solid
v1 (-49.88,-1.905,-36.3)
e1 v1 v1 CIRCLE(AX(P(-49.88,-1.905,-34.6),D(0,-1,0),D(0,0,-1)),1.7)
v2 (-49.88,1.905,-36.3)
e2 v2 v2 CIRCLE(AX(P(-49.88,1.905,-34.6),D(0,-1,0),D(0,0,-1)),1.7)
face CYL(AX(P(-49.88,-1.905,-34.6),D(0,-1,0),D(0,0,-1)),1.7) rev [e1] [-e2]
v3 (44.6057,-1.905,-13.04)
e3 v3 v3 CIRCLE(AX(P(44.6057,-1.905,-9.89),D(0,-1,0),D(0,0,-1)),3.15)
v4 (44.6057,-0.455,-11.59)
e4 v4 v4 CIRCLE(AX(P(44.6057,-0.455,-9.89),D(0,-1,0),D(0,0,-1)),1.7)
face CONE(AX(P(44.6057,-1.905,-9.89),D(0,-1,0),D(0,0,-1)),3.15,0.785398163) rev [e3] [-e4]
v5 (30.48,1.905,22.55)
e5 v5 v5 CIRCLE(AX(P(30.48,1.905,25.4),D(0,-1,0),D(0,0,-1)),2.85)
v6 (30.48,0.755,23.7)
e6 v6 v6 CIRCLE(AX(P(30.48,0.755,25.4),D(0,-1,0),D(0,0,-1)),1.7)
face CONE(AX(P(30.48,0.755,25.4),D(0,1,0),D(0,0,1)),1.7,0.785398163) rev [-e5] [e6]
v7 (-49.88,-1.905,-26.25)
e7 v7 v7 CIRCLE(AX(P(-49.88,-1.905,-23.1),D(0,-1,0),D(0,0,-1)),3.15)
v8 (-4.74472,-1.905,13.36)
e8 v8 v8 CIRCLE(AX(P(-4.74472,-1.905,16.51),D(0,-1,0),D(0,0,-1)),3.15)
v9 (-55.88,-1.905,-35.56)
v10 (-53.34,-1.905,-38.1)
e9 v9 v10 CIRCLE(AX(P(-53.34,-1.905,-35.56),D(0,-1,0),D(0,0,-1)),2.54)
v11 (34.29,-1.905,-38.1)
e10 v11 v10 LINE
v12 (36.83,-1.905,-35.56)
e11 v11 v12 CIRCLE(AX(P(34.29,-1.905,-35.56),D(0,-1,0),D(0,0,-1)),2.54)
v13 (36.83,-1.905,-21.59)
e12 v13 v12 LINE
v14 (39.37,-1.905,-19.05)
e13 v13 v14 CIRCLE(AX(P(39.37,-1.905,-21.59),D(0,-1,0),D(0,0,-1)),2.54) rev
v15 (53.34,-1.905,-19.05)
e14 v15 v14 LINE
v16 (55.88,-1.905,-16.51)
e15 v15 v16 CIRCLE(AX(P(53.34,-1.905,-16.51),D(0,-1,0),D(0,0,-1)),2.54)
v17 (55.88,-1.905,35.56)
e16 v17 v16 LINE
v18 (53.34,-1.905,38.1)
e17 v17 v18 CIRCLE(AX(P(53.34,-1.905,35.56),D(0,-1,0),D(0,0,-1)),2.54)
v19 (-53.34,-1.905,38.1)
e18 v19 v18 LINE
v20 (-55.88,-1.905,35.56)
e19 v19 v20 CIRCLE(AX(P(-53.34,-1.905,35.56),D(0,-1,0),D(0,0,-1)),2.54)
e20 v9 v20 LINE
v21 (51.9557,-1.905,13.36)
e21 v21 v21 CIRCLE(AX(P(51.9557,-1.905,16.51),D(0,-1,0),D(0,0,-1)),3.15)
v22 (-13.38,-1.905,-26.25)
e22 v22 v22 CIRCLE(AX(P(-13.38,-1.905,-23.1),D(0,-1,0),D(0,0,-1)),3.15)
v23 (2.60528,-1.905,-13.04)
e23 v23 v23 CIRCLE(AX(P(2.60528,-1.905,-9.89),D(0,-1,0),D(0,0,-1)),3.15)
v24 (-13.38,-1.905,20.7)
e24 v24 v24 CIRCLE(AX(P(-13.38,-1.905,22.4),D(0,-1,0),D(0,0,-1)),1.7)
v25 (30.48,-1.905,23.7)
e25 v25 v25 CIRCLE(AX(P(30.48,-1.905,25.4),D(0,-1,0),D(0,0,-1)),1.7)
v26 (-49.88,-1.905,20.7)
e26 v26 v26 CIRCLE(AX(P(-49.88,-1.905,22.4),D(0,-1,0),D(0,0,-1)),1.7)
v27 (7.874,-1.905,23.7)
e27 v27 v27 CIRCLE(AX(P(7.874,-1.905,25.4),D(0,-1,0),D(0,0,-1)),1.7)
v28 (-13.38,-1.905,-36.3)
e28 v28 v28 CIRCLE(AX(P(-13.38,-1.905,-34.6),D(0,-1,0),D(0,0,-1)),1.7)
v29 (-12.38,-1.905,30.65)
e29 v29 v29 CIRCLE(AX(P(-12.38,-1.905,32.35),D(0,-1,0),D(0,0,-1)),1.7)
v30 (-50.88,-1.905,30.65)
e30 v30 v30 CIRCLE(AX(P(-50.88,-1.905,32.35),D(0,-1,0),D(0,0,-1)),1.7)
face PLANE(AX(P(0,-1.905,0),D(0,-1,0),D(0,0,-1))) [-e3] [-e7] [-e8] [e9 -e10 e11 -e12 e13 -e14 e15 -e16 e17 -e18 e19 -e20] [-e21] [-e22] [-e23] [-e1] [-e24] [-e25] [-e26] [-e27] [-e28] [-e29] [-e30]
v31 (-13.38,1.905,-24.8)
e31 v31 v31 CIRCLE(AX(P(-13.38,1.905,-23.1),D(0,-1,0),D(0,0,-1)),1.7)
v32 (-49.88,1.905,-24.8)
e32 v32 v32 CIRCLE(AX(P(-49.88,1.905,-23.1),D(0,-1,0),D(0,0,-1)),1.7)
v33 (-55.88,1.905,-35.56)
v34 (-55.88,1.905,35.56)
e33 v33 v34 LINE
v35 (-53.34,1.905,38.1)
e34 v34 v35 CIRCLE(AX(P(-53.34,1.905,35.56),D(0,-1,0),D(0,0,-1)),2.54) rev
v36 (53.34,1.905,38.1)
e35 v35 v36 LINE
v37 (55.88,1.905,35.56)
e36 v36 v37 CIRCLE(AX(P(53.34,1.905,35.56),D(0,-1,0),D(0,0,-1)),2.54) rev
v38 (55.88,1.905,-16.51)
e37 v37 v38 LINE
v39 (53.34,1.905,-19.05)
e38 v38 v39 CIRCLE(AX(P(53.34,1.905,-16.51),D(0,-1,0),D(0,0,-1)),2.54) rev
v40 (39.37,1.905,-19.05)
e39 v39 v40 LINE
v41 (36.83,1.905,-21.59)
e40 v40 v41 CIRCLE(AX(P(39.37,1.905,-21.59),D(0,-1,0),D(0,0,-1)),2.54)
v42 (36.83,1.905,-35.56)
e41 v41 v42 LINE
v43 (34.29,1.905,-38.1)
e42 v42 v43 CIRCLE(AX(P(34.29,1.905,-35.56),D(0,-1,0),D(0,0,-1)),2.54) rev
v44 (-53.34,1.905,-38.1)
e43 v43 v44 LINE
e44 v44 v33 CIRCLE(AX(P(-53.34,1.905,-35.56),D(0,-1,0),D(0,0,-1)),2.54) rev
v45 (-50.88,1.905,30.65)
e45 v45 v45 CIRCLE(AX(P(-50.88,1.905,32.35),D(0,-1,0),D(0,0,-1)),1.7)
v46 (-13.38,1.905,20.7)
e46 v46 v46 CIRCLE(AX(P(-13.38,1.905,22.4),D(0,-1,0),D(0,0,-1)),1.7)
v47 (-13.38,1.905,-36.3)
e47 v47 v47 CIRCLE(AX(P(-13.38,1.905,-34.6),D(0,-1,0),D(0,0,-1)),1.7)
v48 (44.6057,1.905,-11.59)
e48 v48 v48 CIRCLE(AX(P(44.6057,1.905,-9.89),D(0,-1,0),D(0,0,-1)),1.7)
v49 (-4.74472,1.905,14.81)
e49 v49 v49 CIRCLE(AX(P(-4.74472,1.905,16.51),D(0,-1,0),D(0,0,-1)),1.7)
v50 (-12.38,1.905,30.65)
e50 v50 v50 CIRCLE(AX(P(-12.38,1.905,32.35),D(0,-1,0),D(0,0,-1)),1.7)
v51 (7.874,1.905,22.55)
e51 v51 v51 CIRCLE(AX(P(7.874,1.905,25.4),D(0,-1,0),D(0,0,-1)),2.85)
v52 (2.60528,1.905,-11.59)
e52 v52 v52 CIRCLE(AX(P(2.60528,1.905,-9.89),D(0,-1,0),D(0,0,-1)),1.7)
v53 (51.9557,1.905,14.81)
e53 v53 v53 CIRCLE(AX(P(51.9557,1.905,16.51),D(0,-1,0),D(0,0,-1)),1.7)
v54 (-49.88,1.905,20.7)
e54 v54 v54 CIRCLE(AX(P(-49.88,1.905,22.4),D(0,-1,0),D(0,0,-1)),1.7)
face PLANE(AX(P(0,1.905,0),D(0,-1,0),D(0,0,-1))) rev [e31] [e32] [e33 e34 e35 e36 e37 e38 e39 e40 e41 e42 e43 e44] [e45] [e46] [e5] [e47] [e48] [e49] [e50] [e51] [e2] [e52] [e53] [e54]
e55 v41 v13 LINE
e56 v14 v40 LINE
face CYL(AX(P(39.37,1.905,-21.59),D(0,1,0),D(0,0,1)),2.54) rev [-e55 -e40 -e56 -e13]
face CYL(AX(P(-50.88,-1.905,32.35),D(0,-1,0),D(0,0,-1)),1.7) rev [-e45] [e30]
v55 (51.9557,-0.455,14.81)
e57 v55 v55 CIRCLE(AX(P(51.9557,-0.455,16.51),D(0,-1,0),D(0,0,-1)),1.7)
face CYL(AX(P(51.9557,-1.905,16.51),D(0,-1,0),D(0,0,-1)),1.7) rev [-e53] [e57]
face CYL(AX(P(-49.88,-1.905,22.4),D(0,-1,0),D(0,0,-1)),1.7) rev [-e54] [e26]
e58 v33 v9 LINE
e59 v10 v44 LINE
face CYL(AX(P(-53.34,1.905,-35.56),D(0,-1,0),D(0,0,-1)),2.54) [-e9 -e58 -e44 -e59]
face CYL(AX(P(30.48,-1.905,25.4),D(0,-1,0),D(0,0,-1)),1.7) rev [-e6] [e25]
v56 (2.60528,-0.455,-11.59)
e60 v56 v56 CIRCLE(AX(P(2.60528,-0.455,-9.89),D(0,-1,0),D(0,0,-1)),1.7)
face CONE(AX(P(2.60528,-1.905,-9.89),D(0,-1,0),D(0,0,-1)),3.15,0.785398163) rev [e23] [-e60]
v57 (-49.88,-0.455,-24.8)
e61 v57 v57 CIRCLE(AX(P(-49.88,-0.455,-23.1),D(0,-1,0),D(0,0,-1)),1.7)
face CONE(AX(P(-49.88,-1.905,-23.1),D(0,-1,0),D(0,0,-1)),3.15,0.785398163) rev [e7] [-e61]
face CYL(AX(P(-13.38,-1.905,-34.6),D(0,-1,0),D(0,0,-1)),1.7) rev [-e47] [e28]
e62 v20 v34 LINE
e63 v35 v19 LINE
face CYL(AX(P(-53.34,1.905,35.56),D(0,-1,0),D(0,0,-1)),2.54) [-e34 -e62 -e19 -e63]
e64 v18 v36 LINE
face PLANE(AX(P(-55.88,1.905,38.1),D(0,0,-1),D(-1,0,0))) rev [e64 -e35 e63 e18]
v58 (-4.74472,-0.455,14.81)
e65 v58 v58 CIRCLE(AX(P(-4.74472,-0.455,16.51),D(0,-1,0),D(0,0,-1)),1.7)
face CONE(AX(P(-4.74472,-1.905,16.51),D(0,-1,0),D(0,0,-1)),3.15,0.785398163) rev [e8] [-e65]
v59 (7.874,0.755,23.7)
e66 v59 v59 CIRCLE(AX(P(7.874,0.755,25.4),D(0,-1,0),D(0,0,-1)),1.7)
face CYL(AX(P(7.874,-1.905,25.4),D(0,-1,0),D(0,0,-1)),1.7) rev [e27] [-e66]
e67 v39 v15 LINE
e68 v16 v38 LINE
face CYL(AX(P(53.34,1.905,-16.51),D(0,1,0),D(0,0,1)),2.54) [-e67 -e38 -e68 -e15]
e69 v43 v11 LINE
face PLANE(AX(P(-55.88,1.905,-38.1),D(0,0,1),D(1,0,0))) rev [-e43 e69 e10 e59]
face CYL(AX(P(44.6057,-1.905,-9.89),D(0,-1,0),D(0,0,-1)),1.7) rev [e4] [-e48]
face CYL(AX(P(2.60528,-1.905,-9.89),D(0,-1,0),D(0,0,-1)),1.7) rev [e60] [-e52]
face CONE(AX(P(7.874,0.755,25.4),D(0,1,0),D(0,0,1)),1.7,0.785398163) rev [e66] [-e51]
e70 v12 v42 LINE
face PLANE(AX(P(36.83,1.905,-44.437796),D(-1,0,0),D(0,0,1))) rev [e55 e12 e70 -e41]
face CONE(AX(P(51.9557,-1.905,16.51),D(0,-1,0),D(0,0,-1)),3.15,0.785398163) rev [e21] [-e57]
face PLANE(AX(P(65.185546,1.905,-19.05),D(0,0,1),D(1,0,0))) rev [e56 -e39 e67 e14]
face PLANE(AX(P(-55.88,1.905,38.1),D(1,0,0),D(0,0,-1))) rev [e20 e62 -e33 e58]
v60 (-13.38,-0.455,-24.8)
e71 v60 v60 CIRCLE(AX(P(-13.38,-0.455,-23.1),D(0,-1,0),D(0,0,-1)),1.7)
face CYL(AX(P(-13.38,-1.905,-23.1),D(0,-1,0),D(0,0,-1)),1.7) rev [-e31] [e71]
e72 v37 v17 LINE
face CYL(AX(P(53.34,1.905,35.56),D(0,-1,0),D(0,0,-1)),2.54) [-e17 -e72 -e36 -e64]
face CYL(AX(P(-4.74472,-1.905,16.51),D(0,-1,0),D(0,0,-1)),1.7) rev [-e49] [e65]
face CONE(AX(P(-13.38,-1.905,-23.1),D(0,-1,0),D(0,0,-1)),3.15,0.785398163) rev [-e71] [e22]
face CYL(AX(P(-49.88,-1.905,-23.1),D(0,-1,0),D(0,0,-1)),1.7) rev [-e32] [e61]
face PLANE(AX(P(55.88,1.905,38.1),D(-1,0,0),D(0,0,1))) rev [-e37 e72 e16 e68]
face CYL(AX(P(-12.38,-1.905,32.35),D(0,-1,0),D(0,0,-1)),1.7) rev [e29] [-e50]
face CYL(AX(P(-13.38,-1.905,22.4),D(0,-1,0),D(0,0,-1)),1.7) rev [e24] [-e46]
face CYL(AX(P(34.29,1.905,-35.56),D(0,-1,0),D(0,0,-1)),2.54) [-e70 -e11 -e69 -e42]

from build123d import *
from build123d.topology import SkipClean

# Parameters (mm, degrees)
SKETCH1_W                                       = 111.76
SKETCH1_H                                       = 76.2
BOSS_EXTRUDE1_DEPTH                             = 1.905
FILLET1_R                                       = 2.54
M3_CLEARANCE_HOLE4_D                            = 3.4
CSK_FOR_M3_FLAT_HEAD_MACHINE_SCREW1_D           = 3.4
CSK_FOR_M3_FLAT_HEAD_MACHINE_SCREW1_CSINK_D     = 6.3
CSK_FOR_M3_FLAT_HEAD_MACHINE_SCREW1_CSINK_ANGLE = 90
CSK_FOR_M3_FLAT_HEAD_MACHINE_SCREW2_D           = 3.4
CSK_FOR_M3_FLAT_HEAD_MACHINE_SCREW2_CSINK_D     = 6.3
CSK_FOR_M3_FLAT_HEAD_MACHINE_SCREW2_CSINK_ANGLE = 90
BOSS_EXTRUDE2_START                             = -3.81
SKETCH23_R                                      = 3.15
SKETCH23_R_2                                    = 1.7
BOSS_EXTRUDE2_DEPTH                             = 3.81
SKETCH12_W                                      = 28.355545758
SKETCH12_H                                      = 25.387795591
CUT_EXTRUDE1_DEPTH                              = 68.739947594
M3_CLEARANCE_HOLE1_AT_2_COUNT                   = 2
M3_CLEARANCE_HOLE1_AT_2_PITCH                   = 22.606
FILLET2_R                                       = 2.54


with BuildPart() as part:
    # Sketch1 → Boss-Extrude1 (new, symmetric)
    with BuildSketch(Plane(origin=(0, 0, 0), x_dir=(1, 0, 0), z_dir=(0, 1, 0))):
        Rectangle(SKETCH1_W, SKETCH1_H)
    extrude(amount=BOSS_EXTRUDE1_DEPTH, both=True)

    # Fillet1
    fillet1_edges = [part.edges().sort_by_distance(p)[0] for p in [
        (55.88, 0, 38.1),
        (-55.88, 0, 38.1),
        (-55.88, 0, -38.1),
        (55.88, 0, -38.1),
    ]]
    fillet(fillet1_edges, radius=FILLET1_R)

    # M3 Clearance Hole4 (through all)
    with Locations(Plane(origin=(0, -1.905, 0), x_dir=(-1, 0, 0), z_dir=(0, -1, 0))):
        with Locations((13.38, 34.6), (49.88, 34.6), (50.88, -32.35), (12.38, -32.35)):
            Hole(M3_CLEARANCE_HOLE4_D / 2)

    # CSK for M3 Flat Head Machine Screw1 (through all)
    with Locations(Plane(origin=(0, -1.905, 0), x_dir=(-1, 0, 0), z_dir=(0, -1, 0))):
        with Locations((-51.9557, -16.51), (4.74472, -16.51), (-44.6057, 9.89), (-2.60528, 9.89)):
            CounterSinkHole(CSK_FOR_M3_FLAT_HEAD_MACHINE_SCREW1_D / 2, CSK_FOR_M3_FLAT_HEAD_MACHINE_SCREW1_CSINK_D / 2, counter_sink_angle=CSK_FOR_M3_FLAT_HEAD_MACHINE_SCREW1_CSINK_ANGLE)

    # CSK for M3 Flat Head Machine Screw2 (through all)
    with Locations(Plane(origin=(0, -1.905, 0), x_dir=(-1, 0, 0), z_dir=(0, -1, 0))):
        with Locations((49.88, 23.1), (49.88, -22.4), (13.38, 23.1), (13.38, -22.4)):
            CounterSinkHole(CSK_FOR_M3_FLAT_HEAD_MACHINE_SCREW2_D / 2, CSK_FOR_M3_FLAT_HEAD_MACHINE_SCREW2_CSINK_D / 2, counter_sink_angle=CSK_FOR_M3_FLAT_HEAD_MACHINE_SCREW2_CSINK_ANGLE)

    # Sketch23 → Boss-Extrude2 (add)
    # profile 1 of 2: a face of its own
    with SkipClean():  # the faces are left unmerged after this step: merging them gives an invalid solid
        with BuildSketch(Plane.XZ.offset(1.905).offset(BOSS_EXTRUDE2_START)):
            with Locations((-13.38, 22.4)):
                Circle(SKETCH23_R)
            with Locations(Location((-13.38, 22.4, 0), (0, 0, 270))):
                Circle(SKETCH23_R_2, mode=Mode.SUBTRACT)
        # profile 2 of 2: a face of its own
        with BuildSketch(Plane.XZ.offset(1.905).offset(BOSS_EXTRUDE2_START)):
            with Locations((-49.88, 22.4)):
                Circle(SKETCH23_R)
            with Locations(Location((-49.88, 22.4, 0), (0, 0, 270))):
                Circle(SKETCH23_R_2, mode=Mode.SUBTRACT)
        extrude(amount=BOSS_EXTRUDE2_DEPTH)

    # Sketch12 → Cut-Extrude1 (cut, through all)
    with SkipClean():  # the faces are left unmerged after this step: merging them gives an invalid solid
        with BuildSketch(Plane.XZ.offset(1.905)):
            with Locations((51.007772879, -31.743897796)):
                Rectangle(SKETCH12_W, SKETCH12_H)
        extrude(amount=-CUT_EXTRUDE1_DEPTH, mode=Mode.SUBTRACT)

    # Sketch16 → M3 Clearance Hole1 (revolve, cut)
    with SkipClean():  # the faces are left unmerged after this step: merging them gives an invalid solid
        with BuildSketch(Plane(origin=(30.48, -1.905, 25.4), x_dir=(0, 0, -1), z_dir=(1, 0, 0))):
            Polygon((0, 0), (0, 3.81), (2.85, 3.81), (1.7, 2.66), (1.7, 0), align=None)
        m3_clearance_hole1 = revolve(axis=Axis((30.48, -8.255, 25.4), (0, 1, 0)), mode=Mode.SUBTRACT)

    # M3 Clearance Hole1 at 2: M3 Clearance Hole1 ×2
    with SkipClean():  # the faces are left unmerged after this step: merging them gives an invalid solid
        with Locations(*[(-i * M3_CLEARANCE_HOLE1_AT_2_PITCH, 0, 0) for i in range(1, M3_CLEARANCE_HOLE1_AT_2_COUNT)]):
            add(m3_clearance_hole1, mode=Mode.SUBTRACT)

    # Fillet2
    fillet2_edges = [part.edges().sort_by_distance(p)[0] for p in [
        (36.83, 0, -38.1),
        (55.88, 0, -19.05),
        (36.83, 0, -19.05),
    ]]
    fillet(fillet2_edges, radius=FILLET2_R)


solid = part.part
